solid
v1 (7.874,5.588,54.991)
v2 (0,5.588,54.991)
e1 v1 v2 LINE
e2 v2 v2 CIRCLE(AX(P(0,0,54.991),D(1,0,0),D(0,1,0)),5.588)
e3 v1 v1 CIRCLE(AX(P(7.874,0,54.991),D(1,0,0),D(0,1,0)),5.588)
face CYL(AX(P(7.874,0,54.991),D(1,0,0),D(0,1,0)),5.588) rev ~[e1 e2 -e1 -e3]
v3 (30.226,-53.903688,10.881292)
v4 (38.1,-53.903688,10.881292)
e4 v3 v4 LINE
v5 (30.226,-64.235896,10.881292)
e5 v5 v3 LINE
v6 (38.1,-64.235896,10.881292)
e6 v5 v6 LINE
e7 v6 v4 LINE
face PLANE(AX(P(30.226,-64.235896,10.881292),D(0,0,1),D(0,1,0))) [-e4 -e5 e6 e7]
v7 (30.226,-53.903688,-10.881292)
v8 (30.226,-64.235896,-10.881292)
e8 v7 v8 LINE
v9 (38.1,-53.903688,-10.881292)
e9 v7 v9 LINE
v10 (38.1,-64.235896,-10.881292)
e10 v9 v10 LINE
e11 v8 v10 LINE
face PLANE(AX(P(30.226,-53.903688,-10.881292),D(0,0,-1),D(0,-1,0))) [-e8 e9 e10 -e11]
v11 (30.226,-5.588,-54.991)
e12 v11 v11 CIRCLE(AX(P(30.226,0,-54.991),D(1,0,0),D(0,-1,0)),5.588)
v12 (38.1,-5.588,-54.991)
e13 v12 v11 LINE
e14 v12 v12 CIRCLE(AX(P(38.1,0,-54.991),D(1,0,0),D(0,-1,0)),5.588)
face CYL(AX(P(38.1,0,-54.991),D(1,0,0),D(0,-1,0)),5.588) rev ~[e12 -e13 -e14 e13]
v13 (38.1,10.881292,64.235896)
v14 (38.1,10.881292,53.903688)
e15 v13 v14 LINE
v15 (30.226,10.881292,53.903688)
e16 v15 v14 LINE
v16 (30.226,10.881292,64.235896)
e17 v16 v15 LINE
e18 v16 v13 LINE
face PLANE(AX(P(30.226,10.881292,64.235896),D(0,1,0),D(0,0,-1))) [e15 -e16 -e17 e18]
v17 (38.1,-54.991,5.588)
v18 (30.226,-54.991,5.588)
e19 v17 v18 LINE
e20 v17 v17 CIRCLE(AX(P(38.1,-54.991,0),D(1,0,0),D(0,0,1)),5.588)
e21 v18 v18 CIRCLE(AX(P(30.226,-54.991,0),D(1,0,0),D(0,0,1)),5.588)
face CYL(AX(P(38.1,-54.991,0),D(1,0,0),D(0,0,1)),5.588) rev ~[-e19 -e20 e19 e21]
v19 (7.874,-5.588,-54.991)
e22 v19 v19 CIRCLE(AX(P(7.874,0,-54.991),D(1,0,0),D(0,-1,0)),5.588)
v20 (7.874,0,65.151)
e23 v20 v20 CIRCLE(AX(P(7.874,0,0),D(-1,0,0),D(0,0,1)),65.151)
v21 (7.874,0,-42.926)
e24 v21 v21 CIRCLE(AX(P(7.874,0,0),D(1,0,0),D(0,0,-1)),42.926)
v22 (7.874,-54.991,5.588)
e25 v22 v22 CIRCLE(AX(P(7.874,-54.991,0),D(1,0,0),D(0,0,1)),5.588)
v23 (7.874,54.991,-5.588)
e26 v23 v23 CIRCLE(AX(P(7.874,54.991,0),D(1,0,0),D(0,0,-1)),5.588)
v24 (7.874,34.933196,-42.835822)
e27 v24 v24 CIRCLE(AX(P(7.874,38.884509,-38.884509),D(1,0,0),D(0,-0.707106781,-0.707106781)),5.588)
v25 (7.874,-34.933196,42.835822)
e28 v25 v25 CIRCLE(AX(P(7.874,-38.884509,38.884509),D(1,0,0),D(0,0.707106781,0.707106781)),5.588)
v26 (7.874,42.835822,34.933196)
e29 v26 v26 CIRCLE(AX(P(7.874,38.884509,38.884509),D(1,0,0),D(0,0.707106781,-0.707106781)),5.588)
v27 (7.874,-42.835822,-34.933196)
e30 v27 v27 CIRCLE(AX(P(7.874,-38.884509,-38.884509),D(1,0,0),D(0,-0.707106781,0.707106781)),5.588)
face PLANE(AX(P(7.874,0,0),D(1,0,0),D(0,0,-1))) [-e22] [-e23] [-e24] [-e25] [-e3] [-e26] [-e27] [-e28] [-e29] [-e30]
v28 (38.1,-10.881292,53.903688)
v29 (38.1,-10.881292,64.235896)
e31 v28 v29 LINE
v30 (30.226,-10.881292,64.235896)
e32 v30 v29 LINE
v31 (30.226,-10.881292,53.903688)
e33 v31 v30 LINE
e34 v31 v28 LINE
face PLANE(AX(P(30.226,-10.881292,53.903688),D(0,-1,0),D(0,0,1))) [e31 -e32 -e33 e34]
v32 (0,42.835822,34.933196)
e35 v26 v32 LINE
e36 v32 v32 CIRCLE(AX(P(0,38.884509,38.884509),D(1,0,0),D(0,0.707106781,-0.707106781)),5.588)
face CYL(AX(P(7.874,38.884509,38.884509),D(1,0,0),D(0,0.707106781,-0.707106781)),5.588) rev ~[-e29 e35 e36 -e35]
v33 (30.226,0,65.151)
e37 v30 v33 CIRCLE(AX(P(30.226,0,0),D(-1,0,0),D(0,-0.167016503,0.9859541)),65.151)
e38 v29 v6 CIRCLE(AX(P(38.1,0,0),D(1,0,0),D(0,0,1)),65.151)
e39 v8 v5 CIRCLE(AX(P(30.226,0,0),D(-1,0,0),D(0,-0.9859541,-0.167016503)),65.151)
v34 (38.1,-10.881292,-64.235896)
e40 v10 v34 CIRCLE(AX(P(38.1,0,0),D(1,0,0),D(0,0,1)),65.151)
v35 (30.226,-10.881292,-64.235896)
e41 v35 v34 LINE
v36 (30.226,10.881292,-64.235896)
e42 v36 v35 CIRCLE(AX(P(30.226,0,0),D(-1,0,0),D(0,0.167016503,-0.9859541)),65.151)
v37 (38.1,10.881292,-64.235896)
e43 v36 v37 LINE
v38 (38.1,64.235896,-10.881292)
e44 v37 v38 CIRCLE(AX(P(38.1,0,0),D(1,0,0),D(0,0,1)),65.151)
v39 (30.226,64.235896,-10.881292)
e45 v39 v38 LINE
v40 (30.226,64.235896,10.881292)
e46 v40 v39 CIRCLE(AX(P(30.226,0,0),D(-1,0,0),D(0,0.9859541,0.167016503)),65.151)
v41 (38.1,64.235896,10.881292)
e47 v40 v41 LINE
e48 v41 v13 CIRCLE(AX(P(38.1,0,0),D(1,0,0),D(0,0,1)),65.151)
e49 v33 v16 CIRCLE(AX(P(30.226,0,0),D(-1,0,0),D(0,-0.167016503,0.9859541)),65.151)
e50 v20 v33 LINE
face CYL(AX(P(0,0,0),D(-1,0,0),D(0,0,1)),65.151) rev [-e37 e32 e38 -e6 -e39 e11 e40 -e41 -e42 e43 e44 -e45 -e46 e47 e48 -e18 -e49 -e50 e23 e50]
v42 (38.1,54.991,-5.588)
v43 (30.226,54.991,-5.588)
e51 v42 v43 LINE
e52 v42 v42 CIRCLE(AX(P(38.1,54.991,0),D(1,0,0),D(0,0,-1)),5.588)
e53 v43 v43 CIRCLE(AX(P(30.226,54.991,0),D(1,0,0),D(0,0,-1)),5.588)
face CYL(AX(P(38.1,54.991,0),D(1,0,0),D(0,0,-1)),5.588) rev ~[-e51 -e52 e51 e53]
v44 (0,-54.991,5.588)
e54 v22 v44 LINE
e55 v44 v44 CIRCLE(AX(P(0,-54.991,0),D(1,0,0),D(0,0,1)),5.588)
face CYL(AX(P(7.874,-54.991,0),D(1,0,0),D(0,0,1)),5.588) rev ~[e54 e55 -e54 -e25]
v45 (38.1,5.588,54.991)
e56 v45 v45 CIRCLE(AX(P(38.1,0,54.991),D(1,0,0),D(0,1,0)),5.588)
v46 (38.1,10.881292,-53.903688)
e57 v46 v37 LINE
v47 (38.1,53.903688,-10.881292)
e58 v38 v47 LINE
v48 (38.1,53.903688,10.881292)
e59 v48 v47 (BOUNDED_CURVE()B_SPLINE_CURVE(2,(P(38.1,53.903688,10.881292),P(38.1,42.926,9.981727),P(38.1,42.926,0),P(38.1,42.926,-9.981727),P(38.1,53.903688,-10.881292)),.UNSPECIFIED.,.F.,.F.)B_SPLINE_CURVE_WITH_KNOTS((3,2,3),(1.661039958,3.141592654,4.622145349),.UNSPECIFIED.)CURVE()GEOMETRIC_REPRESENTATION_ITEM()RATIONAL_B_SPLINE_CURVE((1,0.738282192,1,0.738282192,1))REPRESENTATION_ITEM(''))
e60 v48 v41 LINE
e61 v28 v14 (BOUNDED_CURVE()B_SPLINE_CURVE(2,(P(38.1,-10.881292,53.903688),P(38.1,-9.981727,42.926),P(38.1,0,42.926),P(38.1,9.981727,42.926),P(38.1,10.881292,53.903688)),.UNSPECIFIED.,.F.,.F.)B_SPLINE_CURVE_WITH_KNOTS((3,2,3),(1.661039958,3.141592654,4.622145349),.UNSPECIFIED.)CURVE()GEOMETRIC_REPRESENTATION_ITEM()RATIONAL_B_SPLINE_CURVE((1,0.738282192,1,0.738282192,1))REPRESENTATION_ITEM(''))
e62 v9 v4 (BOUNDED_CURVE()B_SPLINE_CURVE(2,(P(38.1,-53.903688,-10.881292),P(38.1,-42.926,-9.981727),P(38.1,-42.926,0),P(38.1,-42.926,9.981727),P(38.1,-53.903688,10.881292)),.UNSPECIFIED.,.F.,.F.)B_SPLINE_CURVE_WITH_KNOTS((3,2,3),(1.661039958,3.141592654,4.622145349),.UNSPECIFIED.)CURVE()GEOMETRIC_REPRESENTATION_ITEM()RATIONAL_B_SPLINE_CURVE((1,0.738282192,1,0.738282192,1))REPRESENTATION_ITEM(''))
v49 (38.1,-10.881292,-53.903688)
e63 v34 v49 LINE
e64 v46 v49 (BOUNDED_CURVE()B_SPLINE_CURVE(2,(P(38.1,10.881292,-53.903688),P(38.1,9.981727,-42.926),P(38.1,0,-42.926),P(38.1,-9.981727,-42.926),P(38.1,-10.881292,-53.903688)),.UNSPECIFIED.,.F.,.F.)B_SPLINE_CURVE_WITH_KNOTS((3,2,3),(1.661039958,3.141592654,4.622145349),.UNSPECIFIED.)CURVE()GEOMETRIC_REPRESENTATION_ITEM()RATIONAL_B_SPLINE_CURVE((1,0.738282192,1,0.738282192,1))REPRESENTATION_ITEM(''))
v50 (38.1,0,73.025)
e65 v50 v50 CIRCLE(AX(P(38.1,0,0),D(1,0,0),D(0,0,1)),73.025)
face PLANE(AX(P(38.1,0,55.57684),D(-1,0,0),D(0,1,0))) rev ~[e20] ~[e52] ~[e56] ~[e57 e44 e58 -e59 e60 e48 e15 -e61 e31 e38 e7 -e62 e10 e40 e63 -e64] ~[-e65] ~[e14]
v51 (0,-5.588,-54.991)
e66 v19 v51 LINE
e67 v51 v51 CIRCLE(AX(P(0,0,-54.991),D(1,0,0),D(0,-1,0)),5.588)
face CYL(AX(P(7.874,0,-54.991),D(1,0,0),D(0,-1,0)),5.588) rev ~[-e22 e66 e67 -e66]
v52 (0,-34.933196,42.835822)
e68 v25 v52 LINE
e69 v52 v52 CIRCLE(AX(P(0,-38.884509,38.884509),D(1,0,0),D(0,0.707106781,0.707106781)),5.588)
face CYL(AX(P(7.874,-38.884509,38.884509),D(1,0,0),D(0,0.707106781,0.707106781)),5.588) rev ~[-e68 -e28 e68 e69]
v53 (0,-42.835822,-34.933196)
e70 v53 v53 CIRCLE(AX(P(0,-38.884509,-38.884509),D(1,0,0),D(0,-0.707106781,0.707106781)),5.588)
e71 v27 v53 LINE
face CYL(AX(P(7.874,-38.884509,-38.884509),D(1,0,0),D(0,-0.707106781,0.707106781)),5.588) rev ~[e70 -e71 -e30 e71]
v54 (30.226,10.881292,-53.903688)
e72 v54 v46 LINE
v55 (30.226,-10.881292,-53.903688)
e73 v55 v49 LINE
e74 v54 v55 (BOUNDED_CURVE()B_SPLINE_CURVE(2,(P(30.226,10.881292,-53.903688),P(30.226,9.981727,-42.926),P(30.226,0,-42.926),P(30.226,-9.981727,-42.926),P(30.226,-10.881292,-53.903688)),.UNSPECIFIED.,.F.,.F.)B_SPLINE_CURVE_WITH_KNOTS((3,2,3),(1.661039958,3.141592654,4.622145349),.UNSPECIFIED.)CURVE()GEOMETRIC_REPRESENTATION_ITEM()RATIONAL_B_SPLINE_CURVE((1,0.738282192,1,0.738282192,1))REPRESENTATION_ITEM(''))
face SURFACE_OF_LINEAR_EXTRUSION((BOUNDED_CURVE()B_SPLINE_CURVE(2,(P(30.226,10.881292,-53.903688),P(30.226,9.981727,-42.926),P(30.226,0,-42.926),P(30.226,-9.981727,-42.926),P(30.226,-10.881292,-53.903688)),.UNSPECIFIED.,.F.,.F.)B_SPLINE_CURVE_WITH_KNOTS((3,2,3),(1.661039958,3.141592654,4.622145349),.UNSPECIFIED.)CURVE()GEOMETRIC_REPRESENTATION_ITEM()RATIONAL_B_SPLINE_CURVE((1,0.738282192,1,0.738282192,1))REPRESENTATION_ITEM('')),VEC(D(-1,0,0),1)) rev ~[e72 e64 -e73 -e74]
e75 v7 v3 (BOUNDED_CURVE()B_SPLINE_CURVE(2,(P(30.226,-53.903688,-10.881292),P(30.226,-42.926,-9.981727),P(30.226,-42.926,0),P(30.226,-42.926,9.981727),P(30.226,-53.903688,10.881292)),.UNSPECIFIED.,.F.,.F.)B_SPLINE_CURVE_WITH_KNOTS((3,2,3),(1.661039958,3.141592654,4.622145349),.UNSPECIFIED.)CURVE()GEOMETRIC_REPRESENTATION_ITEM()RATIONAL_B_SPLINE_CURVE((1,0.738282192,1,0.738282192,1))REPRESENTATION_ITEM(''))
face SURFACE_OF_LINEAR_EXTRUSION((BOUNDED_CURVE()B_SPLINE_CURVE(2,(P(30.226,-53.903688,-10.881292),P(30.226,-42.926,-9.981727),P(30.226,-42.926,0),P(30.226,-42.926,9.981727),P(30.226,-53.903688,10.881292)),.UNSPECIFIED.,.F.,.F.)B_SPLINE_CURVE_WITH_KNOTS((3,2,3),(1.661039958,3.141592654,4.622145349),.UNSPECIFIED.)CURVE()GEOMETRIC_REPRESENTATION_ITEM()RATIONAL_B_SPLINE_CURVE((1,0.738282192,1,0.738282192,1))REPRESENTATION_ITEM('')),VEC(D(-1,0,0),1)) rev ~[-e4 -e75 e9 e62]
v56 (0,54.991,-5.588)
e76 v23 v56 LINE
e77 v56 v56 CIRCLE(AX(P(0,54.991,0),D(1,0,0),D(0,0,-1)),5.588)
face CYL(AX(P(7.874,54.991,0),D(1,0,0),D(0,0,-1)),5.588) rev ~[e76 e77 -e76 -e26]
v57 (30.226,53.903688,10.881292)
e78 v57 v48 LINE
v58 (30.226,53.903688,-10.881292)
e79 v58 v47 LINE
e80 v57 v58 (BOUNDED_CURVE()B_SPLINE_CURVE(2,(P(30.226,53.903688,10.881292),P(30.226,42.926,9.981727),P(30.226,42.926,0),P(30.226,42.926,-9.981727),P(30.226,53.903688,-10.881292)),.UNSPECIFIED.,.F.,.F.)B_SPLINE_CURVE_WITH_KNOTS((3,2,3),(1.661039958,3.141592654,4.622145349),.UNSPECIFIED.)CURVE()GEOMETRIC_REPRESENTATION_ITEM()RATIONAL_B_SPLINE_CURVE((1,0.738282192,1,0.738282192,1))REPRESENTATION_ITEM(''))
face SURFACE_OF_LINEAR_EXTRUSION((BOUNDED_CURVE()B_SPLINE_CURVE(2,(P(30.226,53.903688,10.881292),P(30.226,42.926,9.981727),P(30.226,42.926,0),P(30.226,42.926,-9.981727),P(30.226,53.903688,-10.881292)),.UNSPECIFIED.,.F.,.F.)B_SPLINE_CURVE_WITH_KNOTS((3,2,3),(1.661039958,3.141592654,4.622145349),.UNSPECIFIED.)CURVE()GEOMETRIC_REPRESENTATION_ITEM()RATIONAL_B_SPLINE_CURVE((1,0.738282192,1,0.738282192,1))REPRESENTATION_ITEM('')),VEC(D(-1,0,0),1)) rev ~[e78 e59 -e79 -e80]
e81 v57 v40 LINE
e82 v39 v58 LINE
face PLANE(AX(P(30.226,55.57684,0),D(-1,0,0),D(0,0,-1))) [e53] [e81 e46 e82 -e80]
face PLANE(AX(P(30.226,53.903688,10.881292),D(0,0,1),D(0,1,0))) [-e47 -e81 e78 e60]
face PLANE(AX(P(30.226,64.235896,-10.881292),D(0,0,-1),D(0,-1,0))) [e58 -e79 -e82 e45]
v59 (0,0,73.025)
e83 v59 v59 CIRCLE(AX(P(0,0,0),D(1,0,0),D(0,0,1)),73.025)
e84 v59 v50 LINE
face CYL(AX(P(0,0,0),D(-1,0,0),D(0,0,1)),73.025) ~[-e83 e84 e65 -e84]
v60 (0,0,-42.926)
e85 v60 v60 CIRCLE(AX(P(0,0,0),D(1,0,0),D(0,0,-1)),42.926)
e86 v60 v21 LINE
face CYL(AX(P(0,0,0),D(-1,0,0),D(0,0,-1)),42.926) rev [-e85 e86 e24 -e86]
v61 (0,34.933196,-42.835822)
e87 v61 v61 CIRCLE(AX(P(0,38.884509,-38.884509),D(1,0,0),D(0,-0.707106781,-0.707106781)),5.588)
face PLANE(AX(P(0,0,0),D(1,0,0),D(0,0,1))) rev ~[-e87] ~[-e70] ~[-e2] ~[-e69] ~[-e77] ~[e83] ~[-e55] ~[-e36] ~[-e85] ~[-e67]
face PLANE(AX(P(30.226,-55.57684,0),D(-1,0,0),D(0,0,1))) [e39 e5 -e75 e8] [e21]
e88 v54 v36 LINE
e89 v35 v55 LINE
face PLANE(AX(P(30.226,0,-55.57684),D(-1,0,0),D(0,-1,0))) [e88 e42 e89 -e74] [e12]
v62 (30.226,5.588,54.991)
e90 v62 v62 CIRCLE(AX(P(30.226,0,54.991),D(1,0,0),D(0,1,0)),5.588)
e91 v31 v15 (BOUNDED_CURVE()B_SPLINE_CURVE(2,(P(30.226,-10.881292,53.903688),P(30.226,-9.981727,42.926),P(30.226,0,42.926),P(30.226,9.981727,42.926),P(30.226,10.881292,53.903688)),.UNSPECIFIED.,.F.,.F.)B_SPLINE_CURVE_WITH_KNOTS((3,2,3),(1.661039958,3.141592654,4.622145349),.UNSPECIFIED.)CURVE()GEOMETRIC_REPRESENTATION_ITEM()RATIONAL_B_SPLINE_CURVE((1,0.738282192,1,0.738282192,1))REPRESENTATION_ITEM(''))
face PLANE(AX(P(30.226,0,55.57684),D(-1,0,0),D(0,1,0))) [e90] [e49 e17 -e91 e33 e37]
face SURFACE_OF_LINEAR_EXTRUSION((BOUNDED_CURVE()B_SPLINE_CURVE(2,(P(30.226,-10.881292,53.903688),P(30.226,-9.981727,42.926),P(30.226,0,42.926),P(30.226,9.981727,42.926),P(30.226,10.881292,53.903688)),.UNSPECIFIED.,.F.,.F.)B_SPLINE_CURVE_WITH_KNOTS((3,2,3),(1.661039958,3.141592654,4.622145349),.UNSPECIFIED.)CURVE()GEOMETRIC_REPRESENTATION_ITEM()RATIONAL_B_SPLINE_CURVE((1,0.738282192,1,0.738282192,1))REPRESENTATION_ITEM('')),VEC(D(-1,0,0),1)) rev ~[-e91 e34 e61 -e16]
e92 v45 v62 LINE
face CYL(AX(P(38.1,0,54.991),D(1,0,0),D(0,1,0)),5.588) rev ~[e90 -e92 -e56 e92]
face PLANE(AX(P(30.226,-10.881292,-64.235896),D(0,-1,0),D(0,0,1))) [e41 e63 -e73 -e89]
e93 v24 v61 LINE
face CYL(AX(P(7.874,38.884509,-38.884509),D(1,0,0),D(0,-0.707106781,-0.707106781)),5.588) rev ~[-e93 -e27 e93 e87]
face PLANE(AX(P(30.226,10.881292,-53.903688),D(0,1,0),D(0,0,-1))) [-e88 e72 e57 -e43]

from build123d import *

# Parameters (mm, degrees)
SKETCH1_R           = 65.151
SKETCH1_R_2         = 42.926
BOSS_EXTRUDE2_DEPTH = 7.874
SKETCH1_5_R         = 73.025
SKETCH1_5_R_2       = 65.151
BOSS_EXTRUDE3_DEPTH = 38.1
SKETCH24_R          = 5.588
CUT_EXTRUDE1_DEPTH  = 38.1
CIRPATTERN3_COUNT   = 8
BOSS_EXTRUDE7_START = -7.874
BOSS_EXTRUDE7_DEPTH = 7.874
SKETCH35_R          = 5.588
CUT_EXTRUDE2_DEPTH  = 111.076842611
CIRPATTERN9_COUNT   = 4


with BuildPart() as part:
    # Sketch1 → Boss-Extrude2 (new body)
    with BuildSketch(Plane(origin=(0, 0, 0), x_dir=(0, 0, -1), z_dir=(1, 0, 0))):
        Circle(SKETCH1_R)
        Circle(SKETCH1_R_2, mode=Mode.SUBTRACT)
    extrude(amount=BOSS_EXTRUDE2_DEPTH)

    # Sketch1<5> → Boss-Extrude3 (add)
    with BuildSketch(Plane(origin=(0, 0, 0), x_dir=(0, 0, -1), z_dir=(1, 0, 0))):
        Circle(SKETCH1_5_R)
        Circle(SKETCH1_5_R_2, mode=Mode.SUBTRACT)
    extrude(amount=BOSS_EXTRUDE3_DEPTH)

    # Sketch24 → Cut-Extrude1 (cut)
    with BuildSketch(Plane(origin=(7.874, 0, 0), x_dir=(0, 0, -1), z_dir=(1, 0, 0))):
        with Locations((0, 54.991)):
            Circle(SKETCH24_R)
    cut_extrude1 = extrude(amount=-CUT_EXTRUDE1_DEPTH, mode=Mode.SUBTRACT)

    # CirPattern3: Cut-Extrude1 ×8 about axis
    cirpattern3_axis = Axis((7.874, 0, 0), (1, 0, 0))
    for i in range(1, CIRPATTERN3_COUNT):
        add(cut_extrude1.rotate(cirpattern3_axis, i * 360 / CIRPATTERN3_COUNT), mode=Mode.SUBTRACT)

    # Sketch34 → Boss-Extrude7 (add)
    with BuildSketch(Plane(origin=(38.1, 0, 0), x_dir=(0, 0, -1), z_dir=(1, 0, 0)).offset(BOSS_EXTRUDE7_START)):
        with BuildLine():
            Line((10.881292196, -53.903687825), (10.881292196, -64.235895581))
            ThreePointArc((10.881292196, -64.235895581), (0, -65.151), (-10.881292196, -64.235895581))
            Line((-10.881292196, -64.235895581), (-10.881292196, -53.903687825))
            add(Edge.make_bspline(
                [(10.881292196, -53.903687825), (9.981727061, -42.926), (0, -42.926), (-9.981727061, -42.926), (-10.881292196, -53.903687825)],
                knots=[1.661039958, 1.661039958, 1.661039958, 3.141592654, 3.141592654, 4.622145349, 4.622145349, 4.622145349], degree=2, weights=[1, 0.738282192, 1, 0.738282192, 1]))
        make_face()
    boss_extrude7 = extrude(amount=BOSS_EXTRUDE7_DEPTH)

    # Sketch35 → Cut-Extrude2 (cut, through all)
    with BuildSketch(Plane(origin=(38.1, 0, 0), x_dir=(0, 0, -1), z_dir=(1, 0, 0))):
        with Locations((0, -54.991)):
            Circle(SKETCH35_R)
    cut_extrude2 = extrude(amount=-CUT_EXTRUDE2_DEPTH, mode=Mode.SUBTRACT)

    # CirPattern9: Boss-Extrude7, Cut-Extrude2 ×4 about axis
    cirpattern9_axis = Axis((38.1, 0, 0), (-1, 0, 0))
    add([boss_extrude7.rotate(cirpattern9_axis, i * 360 / CIRPATTERN9_COUNT) for i in range(1, CIRPATTERN9_COUNT)])
    add([cut_extrude2.rotate(cirpattern9_axis, i * 360 / CIRPATTERN9_COUNT) for i in range(1, CIRPATTERN9_COUNT)], mode=Mode.SUBTRACT)


solid = part.part
